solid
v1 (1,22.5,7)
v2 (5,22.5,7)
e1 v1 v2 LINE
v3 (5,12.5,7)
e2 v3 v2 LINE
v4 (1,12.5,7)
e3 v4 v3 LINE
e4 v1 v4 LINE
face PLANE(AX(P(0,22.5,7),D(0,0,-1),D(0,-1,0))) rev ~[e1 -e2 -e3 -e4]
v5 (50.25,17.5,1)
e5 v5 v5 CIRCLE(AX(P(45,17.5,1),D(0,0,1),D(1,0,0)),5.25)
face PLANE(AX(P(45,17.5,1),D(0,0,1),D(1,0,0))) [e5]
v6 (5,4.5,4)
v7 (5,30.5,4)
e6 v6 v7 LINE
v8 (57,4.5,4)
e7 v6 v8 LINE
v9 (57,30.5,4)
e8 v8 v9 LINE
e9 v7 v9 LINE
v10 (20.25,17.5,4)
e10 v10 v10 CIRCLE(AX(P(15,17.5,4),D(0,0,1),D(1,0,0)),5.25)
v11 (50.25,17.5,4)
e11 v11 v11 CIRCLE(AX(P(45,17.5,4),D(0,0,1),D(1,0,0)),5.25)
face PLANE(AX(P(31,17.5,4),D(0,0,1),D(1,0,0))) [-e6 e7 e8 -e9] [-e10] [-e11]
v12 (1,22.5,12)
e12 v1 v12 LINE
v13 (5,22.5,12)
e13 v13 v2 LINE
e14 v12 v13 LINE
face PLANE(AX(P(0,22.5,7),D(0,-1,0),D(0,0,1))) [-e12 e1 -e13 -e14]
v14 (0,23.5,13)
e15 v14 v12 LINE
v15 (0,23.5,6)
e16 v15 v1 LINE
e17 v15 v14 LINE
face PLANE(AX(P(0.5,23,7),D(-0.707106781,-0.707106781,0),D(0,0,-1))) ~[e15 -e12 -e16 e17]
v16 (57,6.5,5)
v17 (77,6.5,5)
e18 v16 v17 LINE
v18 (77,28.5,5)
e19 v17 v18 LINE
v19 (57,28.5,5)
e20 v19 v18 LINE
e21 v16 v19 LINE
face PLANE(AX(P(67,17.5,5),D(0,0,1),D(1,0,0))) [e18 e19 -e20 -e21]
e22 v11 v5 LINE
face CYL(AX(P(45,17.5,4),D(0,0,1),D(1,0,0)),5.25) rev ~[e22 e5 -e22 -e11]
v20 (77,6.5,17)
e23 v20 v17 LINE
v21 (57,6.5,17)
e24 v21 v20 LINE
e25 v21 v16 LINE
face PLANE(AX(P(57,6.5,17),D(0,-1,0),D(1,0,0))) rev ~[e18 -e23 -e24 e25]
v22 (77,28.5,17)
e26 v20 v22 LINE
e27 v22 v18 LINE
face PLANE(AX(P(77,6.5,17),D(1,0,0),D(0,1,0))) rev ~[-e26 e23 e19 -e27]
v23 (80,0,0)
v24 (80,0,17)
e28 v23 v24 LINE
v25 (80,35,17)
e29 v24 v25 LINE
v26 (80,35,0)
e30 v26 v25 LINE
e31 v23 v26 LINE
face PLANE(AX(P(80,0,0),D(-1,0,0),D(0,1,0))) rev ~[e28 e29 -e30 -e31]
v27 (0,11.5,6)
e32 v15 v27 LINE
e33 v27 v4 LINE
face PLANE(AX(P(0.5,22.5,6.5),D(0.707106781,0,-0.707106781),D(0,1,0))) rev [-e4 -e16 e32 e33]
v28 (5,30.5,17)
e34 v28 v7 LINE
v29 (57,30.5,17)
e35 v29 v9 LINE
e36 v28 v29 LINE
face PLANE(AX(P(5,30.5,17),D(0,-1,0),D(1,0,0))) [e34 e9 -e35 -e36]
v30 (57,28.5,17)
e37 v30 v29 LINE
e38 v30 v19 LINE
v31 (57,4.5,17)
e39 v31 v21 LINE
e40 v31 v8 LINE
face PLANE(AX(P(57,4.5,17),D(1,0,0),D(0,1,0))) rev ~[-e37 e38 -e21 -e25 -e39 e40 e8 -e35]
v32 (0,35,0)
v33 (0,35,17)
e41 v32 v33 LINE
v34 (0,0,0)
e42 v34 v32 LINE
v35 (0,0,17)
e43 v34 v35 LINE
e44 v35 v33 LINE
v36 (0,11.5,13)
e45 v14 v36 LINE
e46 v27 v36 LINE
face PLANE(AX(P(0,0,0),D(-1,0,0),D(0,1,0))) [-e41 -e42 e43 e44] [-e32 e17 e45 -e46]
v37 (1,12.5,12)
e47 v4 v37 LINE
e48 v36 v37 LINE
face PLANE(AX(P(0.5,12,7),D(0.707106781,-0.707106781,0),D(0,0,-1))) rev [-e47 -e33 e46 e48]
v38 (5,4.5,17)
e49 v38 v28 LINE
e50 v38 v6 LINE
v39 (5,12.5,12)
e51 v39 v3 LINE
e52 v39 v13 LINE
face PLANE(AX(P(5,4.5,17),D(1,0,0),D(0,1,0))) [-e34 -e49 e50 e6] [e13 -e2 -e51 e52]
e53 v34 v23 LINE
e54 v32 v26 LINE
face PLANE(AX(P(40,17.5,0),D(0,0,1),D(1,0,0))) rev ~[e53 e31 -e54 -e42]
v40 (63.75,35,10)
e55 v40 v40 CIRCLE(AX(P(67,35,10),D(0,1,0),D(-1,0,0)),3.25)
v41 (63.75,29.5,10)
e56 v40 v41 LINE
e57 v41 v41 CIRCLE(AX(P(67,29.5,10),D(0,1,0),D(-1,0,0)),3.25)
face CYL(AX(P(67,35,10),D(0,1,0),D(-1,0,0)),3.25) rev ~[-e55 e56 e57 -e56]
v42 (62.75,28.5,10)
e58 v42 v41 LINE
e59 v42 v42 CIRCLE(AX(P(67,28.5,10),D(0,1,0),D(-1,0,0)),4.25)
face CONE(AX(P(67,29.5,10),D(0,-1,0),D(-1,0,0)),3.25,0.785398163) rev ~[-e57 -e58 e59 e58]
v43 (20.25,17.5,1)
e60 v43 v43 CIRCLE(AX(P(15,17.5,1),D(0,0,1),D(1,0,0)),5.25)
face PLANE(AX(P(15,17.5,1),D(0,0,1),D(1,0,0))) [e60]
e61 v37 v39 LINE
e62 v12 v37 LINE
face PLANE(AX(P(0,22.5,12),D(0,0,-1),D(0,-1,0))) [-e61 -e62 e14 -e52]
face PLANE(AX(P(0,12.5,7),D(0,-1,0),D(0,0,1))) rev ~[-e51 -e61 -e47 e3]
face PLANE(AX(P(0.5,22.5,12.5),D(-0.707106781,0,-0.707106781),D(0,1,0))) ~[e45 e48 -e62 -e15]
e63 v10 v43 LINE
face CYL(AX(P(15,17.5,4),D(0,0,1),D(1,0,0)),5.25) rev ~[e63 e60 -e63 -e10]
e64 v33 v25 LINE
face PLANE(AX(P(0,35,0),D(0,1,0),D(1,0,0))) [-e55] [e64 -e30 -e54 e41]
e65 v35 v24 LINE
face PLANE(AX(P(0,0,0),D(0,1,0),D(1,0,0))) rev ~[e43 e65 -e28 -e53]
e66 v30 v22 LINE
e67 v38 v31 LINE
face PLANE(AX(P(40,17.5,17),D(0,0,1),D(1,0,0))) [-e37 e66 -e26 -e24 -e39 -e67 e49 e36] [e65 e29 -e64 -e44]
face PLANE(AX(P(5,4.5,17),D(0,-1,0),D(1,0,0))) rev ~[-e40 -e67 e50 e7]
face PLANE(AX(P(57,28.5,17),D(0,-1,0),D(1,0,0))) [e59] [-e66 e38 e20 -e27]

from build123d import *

# Parameters (mm, degrees)
SKETCH_W        = 80
SKETCH_H        = 35
PAD_DEPTH       = 17
SKETCH001_W     = 52
SKETCH001_H     = 26
POCKET_DEPTH    = 13
SKETCH002_W     = 10
SKETCH002_H     = 5
POCKET001_DEPTH = 10
SKETCH005_R     = 5.25
POCKET004_DEPTH = 3
SKETCH007_W     = 20
SKETCH007_H     = 22
POCKET005_DEPTH = 12
SKETCH008_R     = 3.25
POCKET006_DEPTH = 6.5
CHAMFER_SIZE    = 1
CHAMFER001_SIZE = 1


with BuildPart() as part:
    # Sketch → Pad (new body)
    with BuildSketch(Plane.XY):
        with Locations((40, 17.5)):
            Rectangle(SKETCH_W, SKETCH_H)
    extrude(amount=PAD_DEPTH)

    # Sketch001 (on Face6 of Pad) → Pocket (cut)
    with BuildSketch(Plane.XY.offset(17)):
        with Locations((31, 17.5)):
            Rectangle(SKETCH001_W, SKETCH001_H)
    extrude(amount=-POCKET_DEPTH, mode=Mode.SUBTRACT)

    # Sketch002 (on Face2 of Pocket) → Pocket001 (cut)
    with BuildSketch(Plane(origin=(0, 0, 0), x_dir=(0, -1, 0), z_dir=(-1, 0, 0))):
        with Locations((-17.5, 9.5)):
            Rectangle(SKETCH002_W, SKETCH002_H)
    extrude(amount=-POCKET001_DEPTH, mode=Mode.SUBTRACT)

    # Sketch005 → Pocket004 (cut)
    with BuildSketch(Plane.XY.offset(4)):
        with Locations((15, 17.5)):
            Circle(SKETCH005_R)
        with Locations((45, 17.5)):
            Circle(SKETCH005_R)
    extrude(amount=-POCKET004_DEPTH, mode=Mode.SUBTRACT)

    # Sketch007 (on Face5 of Pocket004) → Pocket005 (cut)
    with BuildSketch(Plane.XY.offset(17)):
        with Locations((67, 17.5)):
            Rectangle(SKETCH007_W, SKETCH007_H)
    extrude(amount=-POCKET005_DEPTH, mode=Mode.SUBTRACT)

    # Sketch008 (on Face6 of Pocket005) → Pocket006 (cut)
    with BuildSketch(Plane(origin=(0, 35, 0), x_dir=(-1, 0, 0), z_dir=(0, 1, 0))):
        with Locations((-67, 10)):
            Circle(SKETCH008_R)
    extrude(amount=-POCKET006_DEPTH, mode=Mode.SUBTRACT)

    # Chamfer
    chamfer_edges = [part.edges().sort_by_distance(p)[0] for p in [
        (70.25, 28.5, 10),
    ]]
    chamfer(chamfer_edges, length=CHAMFER_SIZE)

    # Chamfer001
    chamfer001_edges = [part.edges().sort_by_distance(p)[0] for p in [
        (0, 22.5, 9.5),
        (0, 17.5, 7),
        (0, 17.5, 12),
        (0, 12.5, 9.5),
    ]]
    chamfer(chamfer001_edges, length=CHAMFER001_SIZE)


solid = part.part
